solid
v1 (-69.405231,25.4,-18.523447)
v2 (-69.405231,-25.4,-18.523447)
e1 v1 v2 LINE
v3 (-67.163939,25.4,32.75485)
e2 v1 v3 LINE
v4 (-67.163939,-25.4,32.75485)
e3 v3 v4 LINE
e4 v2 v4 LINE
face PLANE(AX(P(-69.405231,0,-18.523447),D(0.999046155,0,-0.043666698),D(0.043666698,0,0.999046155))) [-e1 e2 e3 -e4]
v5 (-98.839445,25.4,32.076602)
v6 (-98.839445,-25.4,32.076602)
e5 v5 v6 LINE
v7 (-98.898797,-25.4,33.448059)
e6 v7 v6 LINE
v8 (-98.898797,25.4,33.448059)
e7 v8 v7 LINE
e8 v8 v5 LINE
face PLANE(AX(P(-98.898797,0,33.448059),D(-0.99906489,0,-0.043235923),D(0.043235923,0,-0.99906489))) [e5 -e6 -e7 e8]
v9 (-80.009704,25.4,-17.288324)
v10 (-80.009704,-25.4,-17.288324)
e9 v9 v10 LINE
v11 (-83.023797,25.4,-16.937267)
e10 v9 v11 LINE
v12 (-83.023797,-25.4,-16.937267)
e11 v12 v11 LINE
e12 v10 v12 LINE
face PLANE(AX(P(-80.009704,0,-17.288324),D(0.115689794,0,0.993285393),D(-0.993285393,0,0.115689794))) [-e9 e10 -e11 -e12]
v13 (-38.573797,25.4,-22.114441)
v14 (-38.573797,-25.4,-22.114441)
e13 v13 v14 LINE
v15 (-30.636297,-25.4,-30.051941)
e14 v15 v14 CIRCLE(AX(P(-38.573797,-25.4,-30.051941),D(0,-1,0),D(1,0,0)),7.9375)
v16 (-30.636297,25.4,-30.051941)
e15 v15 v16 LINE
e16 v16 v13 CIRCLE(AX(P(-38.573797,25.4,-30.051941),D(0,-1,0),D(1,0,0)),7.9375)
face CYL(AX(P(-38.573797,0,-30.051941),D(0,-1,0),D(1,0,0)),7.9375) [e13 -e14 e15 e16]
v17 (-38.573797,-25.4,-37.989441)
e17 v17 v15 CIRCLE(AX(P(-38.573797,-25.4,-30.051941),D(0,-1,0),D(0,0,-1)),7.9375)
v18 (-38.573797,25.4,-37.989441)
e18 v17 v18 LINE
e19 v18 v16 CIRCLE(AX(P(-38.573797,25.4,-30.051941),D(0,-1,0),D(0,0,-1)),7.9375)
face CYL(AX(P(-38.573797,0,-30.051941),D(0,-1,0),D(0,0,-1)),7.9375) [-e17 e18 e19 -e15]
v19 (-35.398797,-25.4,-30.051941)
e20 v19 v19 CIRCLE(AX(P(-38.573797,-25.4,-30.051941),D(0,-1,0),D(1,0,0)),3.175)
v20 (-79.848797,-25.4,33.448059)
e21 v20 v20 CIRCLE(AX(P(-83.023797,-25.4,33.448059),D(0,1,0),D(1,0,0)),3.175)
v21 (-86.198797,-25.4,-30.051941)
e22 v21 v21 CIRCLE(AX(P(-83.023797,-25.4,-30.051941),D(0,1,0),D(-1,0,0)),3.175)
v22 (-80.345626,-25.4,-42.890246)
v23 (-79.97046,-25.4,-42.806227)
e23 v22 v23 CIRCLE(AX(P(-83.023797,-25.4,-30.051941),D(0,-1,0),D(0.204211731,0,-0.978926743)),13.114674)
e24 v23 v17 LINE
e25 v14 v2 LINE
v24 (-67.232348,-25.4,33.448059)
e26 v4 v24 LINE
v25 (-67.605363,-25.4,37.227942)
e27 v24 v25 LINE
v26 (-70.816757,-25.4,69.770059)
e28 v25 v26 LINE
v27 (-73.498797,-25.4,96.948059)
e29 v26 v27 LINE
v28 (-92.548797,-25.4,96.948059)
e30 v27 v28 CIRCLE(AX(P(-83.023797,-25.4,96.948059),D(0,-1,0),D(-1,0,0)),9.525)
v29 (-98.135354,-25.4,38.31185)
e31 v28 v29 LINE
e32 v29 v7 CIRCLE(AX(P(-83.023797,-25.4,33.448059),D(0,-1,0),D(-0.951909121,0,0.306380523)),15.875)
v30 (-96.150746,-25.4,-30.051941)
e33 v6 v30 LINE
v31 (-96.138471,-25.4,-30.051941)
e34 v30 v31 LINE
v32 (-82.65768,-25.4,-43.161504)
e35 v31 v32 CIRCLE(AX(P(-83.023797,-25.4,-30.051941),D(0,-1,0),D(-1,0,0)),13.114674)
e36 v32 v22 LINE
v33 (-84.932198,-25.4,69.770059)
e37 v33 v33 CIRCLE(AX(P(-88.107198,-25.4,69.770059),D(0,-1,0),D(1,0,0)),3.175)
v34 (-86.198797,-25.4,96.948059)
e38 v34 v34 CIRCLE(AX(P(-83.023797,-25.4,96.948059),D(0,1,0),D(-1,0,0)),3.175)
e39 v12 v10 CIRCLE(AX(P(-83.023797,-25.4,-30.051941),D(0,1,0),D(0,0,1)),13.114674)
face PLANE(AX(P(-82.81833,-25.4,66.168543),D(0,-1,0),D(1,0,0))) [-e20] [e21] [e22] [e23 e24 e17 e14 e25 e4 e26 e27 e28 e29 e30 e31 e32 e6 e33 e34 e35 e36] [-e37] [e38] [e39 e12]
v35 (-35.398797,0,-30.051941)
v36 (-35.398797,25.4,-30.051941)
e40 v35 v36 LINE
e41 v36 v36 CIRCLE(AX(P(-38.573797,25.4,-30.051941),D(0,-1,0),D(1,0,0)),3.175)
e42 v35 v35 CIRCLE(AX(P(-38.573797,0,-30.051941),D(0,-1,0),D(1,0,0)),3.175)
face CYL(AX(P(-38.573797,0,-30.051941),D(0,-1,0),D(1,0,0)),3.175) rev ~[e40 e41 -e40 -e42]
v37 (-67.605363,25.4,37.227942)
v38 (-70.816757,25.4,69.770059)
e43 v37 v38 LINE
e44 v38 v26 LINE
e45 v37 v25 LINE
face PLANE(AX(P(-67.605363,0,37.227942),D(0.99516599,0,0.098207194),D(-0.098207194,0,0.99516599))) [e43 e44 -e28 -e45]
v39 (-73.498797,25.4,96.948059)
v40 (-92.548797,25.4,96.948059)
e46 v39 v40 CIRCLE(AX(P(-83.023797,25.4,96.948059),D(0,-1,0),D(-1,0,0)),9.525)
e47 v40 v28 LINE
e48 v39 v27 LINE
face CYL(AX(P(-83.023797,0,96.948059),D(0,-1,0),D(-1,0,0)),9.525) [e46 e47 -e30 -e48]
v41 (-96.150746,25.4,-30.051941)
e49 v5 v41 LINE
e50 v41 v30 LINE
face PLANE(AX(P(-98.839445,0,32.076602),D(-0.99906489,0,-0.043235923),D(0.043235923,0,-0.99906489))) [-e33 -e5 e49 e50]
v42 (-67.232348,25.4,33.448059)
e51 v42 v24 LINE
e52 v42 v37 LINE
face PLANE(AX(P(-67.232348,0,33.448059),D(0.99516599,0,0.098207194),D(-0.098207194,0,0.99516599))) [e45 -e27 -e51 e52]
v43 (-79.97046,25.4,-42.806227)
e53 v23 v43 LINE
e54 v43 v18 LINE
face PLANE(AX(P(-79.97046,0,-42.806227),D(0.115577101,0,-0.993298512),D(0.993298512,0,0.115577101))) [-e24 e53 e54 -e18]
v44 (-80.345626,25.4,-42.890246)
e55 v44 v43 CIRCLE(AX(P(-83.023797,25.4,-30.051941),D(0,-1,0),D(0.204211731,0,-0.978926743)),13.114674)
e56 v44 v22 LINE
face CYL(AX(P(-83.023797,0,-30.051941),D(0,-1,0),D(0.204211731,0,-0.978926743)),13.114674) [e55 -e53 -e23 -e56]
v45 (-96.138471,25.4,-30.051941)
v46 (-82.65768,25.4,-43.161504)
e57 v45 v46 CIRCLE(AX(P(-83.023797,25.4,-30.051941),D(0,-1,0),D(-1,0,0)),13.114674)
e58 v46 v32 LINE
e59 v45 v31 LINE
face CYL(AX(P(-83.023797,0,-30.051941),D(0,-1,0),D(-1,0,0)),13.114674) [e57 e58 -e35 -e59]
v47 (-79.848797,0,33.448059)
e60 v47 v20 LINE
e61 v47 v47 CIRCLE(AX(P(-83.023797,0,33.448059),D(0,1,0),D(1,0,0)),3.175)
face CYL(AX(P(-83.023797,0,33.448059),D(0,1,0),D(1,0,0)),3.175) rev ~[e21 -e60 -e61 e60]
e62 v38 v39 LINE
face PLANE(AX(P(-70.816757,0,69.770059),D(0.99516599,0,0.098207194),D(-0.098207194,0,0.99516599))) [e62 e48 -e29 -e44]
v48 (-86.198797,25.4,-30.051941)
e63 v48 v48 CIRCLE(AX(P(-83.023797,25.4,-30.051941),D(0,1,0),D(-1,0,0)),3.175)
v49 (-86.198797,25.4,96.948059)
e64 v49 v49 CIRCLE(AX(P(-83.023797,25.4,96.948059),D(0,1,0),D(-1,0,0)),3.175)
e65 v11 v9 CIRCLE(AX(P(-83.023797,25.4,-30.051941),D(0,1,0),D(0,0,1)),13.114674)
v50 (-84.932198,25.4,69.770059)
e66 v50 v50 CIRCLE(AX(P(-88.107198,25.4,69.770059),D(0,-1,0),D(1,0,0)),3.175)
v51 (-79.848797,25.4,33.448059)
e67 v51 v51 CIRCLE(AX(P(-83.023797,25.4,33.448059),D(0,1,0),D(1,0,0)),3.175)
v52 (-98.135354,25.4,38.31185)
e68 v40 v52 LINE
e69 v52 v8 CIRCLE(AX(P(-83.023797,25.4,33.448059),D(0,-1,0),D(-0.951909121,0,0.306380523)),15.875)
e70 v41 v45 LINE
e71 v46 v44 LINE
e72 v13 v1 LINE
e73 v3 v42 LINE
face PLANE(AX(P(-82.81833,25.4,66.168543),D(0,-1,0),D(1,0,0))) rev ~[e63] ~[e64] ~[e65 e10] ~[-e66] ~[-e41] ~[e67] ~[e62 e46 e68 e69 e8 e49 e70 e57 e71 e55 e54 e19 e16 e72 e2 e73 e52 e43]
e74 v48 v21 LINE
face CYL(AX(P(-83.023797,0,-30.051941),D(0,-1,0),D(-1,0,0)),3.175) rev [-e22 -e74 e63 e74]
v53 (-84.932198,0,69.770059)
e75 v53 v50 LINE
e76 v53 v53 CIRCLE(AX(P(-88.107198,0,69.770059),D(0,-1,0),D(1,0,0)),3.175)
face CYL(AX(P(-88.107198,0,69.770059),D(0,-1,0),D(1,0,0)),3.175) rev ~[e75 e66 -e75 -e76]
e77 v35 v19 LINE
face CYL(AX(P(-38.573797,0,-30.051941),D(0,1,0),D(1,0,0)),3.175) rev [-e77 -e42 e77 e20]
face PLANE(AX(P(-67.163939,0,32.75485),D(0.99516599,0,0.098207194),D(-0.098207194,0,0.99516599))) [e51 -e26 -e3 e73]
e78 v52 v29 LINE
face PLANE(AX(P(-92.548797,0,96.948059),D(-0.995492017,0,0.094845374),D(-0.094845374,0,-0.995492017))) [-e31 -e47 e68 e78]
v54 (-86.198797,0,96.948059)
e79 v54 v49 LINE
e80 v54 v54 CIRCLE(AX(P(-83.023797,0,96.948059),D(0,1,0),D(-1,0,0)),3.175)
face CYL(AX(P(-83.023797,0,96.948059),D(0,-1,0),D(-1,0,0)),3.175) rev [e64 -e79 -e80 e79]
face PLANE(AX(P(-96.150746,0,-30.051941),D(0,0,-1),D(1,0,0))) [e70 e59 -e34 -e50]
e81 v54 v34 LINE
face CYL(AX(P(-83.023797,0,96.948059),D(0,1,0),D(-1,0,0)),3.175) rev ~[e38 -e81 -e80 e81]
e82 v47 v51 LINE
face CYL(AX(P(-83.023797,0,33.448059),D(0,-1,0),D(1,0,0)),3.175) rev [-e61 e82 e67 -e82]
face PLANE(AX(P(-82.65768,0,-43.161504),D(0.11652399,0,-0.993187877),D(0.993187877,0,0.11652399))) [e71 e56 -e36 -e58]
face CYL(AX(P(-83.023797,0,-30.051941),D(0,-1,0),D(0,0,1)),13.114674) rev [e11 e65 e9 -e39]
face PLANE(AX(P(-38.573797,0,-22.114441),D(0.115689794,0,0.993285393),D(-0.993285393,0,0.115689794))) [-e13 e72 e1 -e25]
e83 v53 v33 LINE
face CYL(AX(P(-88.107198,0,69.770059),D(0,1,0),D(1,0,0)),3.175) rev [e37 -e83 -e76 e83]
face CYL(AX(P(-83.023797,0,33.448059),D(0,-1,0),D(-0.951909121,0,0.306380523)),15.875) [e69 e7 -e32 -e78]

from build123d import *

# Parameters (mm, degrees)
F0_R     = 3.175
F1_DEPTH = 25.4


with BuildPart() as f1:
    # F0 (on Front) → F1 (new body, symmetric)
    with BuildSketch(Plane.XZ):
        with BuildLine():
            ThreePointArc((-98.135353981, 38.3118497444), (-82.4605407052, 49.3130634455), (-67.60536263, 37.2279420774))
            Line((-67.60536263, 37.2279420774), (-70.8167565395, 69.7700589479))
            Line((-70.8167565395, 69.7700589479), (-73.4987966791, 96.9480589479))
            ThreePointArc((-73.4987966791, 96.9480589479), (-83.0237966791, 87.4230589479), (-92.5487966791, 96.9480589479))
            Line((-92.5487966791, 96.9480589479), (-98.135353981, 38.3118497444))
        make_face()
        with Locations((-88.1071984768, 69.7700589479)):
            Circle(F0_R, mode=Mode.SUBTRACT)
        with BuildLine():
            ThreePointArc((-98.8394449745, 32.0766020597), (-82.6839530039, 17.5766969624), (-67.1639389713, 32.7548501134))
            Line((-67.1639389713, 32.7548501134), (-67.2323477549, 33.4480589479))
            Line((-67.2323477549, 33.4480589479), (-79.8487966791, 33.4480589479))
            ThreePointArc((-79.8487966791, 33.4480589479), (-83.0237966791, 30.2730589479), (-86.1987966791, 33.4480589479))
            Line((-86.1987966791, 33.4480589479), (-98.8987966791, 33.4480589479))
            Line((-98.8987966791, 33.4480589479), (-98.8394449745, 32.0766020597))
        make_face()
        with BuildLine():
            Line((-79.8487966791, 33.4480589479), (-67.2323477549, 33.4480589479))
            Line((-67.2323477549, 33.4480589479), (-67.60536263, 37.2279420774))
            ThreePointArc((-67.60536263, 37.2279420774), (-82.4605407052, 49.3130634455), (-98.135353981, 38.3118497444))
            ThreePointArc((-98.135353981, 38.3118497444), (-98.7067746675, 35.9097304159), (-98.8987966791, 33.4480589479))
            Line((-98.8987966791, 33.4480589479), (-86.1987966791, 33.4480589479))
            ThreePointArc((-86.1987966791, 33.4480589479), (-83.0237966791, 36.6230589479), (-79.8487966791, 33.4480589479))
        make_face()
        with BuildLine():
            ThreePointArc((-83.0237966791, -16.9372670215), (-81.5065627429, -17.025326906), (-80.0097040665, -17.2883239844))
            Line((-80.0097040665, -17.2883239844), (-69.4052307289, -18.5234466834))
            Line((-69.4052307289, -18.5234466834), (-67.1639389713, 32.7548501134))
            ThreePointArc((-67.1639389713, 32.7548501134), (-82.6839530039, 17.5766969624), (-98.8394449745, 32.0766020597))
            Line((-98.8394449745, 32.0766020597), (-96.1507458476, -30.0519410521))
            Line((-96.1507458476, -30.0519410521), (-96.1384707097, -30.0519410521))
            ThreePointArc((-96.1384707097, -30.0519410521), (-92.2972716192, -20.778466112), (-83.0237966791, -16.9372670215))
        make_face()
        with BuildLine():
            ThreePointArc((-73.4987966791, 96.9480589479), (-83.0237966791, 106.4730589479), (-92.5487966791, 96.9480589479))
            ThreePointArc((-92.5487966791, 96.9480589479), (-83.0237966791, 87.4230589479), (-73.4987966791, 96.9480589479))
        make_face()
        with BuildLine():
            ThreePointArc((-79.8487966791, 96.9480589479), (-83.0237966791, 93.7730589479), (-86.1987966791, 96.9480589479))
            ThreePointArc((-86.1987966791, 96.9480589479), (-83.0237966791, 100.1230589479), (-79.8487966791, 96.9480589479))
        make_face(mode=Mode.SUBTRACT)
        with BuildLine():
            ThreePointArc((-79.9704602907, -42.80622707), (-72.7272393329, -38.1744764779), (-69.9091226485, -30.0519410521))
            ThreePointArc((-69.9091226485, -30.0519410521), (-72.7397430756, -21.9135802584), (-80.0097040665, -17.2883239844))
            Line((-80.0097040665, -17.2883239844), (-83.0237966791, -16.9372670215))
            ThreePointArc((-83.0237966791, -16.9372670215), (-92.2972716192, -20.778466112), (-96.1384707097, -30.0519410521))
            ThreePointArc((-96.1384707097, -30.0519410521), (-92.1669135373, -39.4539668469), (-82.6576798276, -43.1615037214))
            Line((-82.6576798276, -43.1615037214), (-80.3456263931, -42.8902461913))
            ThreePointArc((-80.3456263931, -42.8902461913), (-80.1577354458, -42.8496114626), (-79.9704602907, -42.80622707))
        make_face()
        with BuildLine():
            ThreePointArc((-79.8487966791, -30.0519410521), (-83.0237966791, -33.2269410521), (-86.1987966791, -30.0519410521))
            ThreePointArc((-86.1987966791, -30.0519410521), (-83.0237966791, -26.8769410521), (-79.8487966791, -30.0519410521))
        make_face(mode=Mode.SUBTRACT)
        with BuildLine():
            Line((-69.4052307289, -18.5234466834), (-69.9091226485, -30.0519410521))
            ThreePointArc((-69.9091226485, -30.0519410521), (-72.7272393329, -38.1744764779), (-79.9704602907, -42.80622707))
            Line((-79.9704602907, -42.80622707), (-38.5737966791, -37.9894410521))
            ThreePointArc((-38.5737966791, -37.9894410521), (-46.5112966791, -30.0519410521), (-38.5737966791, -22.1144410521))
            Line((-38.5737966791, -22.1144410521), (-69.4052307289, -18.5234466834))
        make_face()
        with BuildLine():
            ThreePointArc((-38.5737966791, -22.1144410521), (-46.5112966791, -30.0519410521), (-38.5737966791, -37.9894410521))
            ThreePointArc((-38.5737966791, -37.9894410521), (-32.9611366035, -35.6646011277), (-30.6362966791, -30.0519410521))
            ThreePointArc((-30.6362966791, -30.0519410521), (-32.9611366035, -24.4392809764), (-38.5737966791, -22.1144410521))
        make_face()
        with Locations((-38.5737966791, -30.0519410521)):
            Circle(F0_R, mode=Mode.SUBTRACT)
        with BuildLine():
            ThreePointArc((-80.0097040665, -17.2883239844), (-72.7397430756, -21.9135802584), (-69.9091226485, -30.0519410521))
            Line((-69.9091226485, -30.0519410521), (-69.4052307289, -18.5234466834))
            Line((-69.4052307289, -18.5234466834), (-80.0097040665, -17.2883239844))
        make_face()
    extrude(amount=F1_DEPTH, both=True)


solid = f1.part
